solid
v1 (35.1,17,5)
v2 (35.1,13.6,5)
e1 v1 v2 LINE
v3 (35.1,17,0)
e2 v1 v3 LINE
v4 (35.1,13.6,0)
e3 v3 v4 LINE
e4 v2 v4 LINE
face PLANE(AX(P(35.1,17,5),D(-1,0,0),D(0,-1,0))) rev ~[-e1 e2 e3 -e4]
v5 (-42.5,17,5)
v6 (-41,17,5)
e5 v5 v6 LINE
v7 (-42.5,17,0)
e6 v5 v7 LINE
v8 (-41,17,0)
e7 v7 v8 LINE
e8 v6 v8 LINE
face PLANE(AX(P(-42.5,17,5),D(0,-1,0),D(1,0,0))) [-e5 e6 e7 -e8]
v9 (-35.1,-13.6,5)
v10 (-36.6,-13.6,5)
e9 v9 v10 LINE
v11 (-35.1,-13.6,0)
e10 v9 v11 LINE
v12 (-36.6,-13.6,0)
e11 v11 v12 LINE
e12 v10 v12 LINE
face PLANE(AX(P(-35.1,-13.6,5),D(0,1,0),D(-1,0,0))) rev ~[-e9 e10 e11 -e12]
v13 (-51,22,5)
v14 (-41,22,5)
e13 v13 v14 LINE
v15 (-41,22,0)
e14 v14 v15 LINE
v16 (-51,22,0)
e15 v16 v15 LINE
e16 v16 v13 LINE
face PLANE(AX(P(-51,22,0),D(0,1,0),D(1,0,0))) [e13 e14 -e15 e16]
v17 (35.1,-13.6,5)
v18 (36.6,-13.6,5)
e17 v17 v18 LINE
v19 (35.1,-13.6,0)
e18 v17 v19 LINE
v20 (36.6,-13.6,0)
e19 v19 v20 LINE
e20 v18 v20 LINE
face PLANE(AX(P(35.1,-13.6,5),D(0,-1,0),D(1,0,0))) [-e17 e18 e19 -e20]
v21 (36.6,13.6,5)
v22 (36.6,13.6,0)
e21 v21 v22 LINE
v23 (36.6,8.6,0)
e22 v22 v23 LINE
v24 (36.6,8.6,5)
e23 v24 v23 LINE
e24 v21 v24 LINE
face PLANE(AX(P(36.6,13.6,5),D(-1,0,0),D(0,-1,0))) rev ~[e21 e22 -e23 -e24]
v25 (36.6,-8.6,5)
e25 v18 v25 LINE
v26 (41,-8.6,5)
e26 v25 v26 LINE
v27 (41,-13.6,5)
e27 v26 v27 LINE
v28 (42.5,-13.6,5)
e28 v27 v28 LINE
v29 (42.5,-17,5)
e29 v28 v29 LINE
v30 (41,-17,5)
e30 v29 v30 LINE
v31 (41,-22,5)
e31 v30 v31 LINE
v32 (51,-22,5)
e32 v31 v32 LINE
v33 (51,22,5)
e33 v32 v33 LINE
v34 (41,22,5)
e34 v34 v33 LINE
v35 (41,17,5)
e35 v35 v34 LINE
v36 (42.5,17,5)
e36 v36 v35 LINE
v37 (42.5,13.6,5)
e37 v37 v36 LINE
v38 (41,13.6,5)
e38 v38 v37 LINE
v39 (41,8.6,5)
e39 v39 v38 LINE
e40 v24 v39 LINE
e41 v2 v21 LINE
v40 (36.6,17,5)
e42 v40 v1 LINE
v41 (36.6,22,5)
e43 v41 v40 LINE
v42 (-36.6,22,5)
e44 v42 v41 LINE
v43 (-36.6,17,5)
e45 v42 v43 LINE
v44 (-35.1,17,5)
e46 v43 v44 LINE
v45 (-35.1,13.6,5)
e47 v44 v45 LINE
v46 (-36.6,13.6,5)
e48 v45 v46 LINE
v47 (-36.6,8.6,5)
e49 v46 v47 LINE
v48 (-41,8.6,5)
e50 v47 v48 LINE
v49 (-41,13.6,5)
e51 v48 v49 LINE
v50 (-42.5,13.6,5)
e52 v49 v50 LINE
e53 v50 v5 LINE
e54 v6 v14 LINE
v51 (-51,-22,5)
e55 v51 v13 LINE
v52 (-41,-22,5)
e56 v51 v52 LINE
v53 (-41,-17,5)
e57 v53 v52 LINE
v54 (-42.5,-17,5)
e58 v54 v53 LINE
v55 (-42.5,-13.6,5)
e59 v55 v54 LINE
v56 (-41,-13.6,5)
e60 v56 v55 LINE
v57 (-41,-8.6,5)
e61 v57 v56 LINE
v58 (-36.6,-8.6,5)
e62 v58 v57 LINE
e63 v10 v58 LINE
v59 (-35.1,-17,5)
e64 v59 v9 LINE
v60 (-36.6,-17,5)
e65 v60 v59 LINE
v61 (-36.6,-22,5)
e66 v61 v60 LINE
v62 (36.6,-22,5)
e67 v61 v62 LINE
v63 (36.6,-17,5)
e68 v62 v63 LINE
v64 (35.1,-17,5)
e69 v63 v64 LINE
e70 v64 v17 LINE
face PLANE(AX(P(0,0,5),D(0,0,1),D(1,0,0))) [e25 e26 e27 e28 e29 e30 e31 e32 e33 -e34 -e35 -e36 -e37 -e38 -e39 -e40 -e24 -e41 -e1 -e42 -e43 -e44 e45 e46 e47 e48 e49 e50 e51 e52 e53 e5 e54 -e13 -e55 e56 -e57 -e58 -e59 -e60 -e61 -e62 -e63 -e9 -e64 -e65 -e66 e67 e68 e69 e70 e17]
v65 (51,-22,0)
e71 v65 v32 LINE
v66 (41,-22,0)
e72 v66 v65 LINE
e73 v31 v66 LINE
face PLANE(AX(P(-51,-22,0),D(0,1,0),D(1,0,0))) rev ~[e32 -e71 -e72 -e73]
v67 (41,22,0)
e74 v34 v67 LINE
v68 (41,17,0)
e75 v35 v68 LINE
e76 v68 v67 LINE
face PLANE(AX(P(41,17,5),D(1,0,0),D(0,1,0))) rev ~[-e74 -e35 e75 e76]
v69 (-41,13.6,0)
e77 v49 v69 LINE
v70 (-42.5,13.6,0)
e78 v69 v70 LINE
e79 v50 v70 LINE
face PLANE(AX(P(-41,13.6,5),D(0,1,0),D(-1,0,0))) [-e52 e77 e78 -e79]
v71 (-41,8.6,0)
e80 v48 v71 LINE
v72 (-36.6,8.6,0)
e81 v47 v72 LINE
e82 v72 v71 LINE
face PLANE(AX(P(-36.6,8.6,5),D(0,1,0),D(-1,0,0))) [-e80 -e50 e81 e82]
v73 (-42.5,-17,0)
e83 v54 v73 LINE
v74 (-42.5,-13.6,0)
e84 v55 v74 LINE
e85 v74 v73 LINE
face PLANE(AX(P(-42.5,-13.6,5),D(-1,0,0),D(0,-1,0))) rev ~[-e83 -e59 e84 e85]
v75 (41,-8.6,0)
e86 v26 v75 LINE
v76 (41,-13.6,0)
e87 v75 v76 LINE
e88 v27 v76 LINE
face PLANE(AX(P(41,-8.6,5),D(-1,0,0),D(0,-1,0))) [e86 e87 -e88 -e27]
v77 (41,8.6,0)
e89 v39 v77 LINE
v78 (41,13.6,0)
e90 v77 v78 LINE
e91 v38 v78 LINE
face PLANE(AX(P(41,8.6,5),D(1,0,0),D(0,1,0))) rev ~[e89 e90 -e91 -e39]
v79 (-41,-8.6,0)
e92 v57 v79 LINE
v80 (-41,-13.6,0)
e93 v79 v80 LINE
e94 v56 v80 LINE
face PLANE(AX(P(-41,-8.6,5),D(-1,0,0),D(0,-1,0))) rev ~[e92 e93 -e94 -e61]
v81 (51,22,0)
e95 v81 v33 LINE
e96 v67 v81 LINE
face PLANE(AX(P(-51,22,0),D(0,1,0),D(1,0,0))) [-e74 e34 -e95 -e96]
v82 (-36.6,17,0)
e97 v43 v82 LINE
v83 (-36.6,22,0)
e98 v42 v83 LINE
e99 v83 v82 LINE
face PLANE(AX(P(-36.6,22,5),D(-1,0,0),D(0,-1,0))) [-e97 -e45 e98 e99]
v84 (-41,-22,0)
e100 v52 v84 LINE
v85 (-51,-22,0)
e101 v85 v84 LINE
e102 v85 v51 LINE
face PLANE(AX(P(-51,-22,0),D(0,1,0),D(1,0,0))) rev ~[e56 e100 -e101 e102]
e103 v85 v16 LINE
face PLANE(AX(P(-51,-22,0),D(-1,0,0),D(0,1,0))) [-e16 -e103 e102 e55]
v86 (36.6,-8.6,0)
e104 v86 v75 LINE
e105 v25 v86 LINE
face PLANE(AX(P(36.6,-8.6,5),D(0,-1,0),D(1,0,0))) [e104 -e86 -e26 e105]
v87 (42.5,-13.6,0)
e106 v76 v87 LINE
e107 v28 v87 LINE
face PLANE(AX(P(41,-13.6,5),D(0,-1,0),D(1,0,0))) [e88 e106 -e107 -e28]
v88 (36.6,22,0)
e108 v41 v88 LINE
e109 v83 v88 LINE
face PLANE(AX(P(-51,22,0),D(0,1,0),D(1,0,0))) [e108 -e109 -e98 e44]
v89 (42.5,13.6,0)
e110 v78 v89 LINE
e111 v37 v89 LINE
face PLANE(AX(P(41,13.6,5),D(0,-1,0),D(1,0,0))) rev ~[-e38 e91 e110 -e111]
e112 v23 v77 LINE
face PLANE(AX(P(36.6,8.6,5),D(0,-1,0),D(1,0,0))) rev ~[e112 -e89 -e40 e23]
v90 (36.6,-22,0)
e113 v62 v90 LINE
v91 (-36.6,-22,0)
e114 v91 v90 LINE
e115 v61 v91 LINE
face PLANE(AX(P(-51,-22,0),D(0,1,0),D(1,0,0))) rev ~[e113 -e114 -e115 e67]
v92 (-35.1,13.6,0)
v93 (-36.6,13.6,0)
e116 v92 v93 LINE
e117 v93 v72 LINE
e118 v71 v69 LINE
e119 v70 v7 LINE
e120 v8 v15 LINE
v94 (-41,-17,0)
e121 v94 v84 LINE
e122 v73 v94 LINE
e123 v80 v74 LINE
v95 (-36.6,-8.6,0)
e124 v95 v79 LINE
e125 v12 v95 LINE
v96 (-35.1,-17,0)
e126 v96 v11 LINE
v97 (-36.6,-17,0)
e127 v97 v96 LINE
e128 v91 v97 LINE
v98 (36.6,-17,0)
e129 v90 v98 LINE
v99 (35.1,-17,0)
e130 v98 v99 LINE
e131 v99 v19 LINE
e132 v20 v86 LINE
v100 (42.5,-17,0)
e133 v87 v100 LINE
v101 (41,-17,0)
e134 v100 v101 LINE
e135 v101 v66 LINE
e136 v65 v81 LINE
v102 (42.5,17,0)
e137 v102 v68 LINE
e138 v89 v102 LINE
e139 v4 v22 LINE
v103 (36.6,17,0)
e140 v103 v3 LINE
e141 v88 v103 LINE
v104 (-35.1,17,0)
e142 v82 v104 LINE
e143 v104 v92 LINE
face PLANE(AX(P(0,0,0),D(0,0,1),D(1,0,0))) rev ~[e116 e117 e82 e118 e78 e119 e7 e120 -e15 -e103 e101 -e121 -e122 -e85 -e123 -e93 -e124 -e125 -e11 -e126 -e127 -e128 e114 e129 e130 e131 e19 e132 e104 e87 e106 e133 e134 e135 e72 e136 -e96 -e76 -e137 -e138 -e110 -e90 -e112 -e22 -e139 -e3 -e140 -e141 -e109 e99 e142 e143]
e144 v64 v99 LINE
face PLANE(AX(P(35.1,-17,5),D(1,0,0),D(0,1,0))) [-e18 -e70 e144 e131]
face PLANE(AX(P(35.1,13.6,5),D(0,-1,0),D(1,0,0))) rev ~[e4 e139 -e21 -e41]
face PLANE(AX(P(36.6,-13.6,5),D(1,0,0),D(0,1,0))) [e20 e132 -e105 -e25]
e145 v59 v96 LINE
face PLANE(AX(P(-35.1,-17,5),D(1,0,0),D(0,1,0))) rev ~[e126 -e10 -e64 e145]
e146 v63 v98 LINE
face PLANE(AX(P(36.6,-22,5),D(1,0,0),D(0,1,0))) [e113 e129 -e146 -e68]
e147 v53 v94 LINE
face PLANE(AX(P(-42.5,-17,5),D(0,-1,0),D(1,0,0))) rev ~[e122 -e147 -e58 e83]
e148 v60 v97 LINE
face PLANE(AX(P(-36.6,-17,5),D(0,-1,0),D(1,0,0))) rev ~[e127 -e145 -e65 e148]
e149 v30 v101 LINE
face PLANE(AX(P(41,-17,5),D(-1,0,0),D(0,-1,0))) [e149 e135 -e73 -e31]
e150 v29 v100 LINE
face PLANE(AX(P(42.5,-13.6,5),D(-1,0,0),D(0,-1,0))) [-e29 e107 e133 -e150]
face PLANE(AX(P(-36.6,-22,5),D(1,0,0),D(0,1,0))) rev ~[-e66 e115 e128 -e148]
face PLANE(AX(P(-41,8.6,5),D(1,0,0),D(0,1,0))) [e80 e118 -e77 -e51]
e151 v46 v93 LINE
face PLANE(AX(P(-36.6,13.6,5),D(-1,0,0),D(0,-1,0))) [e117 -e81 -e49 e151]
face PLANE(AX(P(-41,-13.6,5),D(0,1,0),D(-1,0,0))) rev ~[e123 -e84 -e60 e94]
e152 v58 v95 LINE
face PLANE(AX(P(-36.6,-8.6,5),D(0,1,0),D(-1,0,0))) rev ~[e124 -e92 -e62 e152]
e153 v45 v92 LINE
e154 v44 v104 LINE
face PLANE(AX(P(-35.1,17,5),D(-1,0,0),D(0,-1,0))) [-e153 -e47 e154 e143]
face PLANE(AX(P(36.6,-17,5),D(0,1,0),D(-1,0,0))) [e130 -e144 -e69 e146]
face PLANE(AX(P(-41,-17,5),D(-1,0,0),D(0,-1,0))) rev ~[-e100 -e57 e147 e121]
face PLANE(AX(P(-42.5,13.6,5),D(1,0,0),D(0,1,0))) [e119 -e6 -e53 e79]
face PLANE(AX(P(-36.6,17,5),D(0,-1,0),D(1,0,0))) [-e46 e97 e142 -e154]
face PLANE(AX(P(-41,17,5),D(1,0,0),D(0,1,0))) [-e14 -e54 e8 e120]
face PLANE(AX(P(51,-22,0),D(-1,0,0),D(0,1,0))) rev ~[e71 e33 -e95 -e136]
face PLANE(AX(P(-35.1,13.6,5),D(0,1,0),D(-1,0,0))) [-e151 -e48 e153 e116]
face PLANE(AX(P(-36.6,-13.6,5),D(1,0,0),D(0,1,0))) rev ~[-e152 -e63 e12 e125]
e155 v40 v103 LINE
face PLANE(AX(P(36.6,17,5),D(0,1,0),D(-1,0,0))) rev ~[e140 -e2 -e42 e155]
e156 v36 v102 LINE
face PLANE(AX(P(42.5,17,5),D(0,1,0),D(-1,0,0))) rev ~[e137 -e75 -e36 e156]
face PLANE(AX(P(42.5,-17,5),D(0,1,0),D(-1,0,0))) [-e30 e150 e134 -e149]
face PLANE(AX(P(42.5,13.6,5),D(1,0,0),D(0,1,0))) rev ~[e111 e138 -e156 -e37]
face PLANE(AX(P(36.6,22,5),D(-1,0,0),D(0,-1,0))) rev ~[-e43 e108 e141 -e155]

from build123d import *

# Parameters (mm, degrees)
SKETCH1_W           = 102
SKETCH1_H           = 44
BOSS_EXTRUDE1_DEPTH = 5
CUT_EXTRUDE1_DEPTH  = 5


with BuildPart() as part:
    # Sketch1 → Boss-Extrude1 (new body)
    with BuildSketch(Plane.XY):
        Rectangle(SKETCH1_W, SKETCH1_H)
    extrude(amount=BOSS_EXTRUDE1_DEPTH)

    # Sketch3 → Cut-Extrude1 (cut)
    with BuildSketch(Plane.XY.offset(5)):
        Polygon((-36.6, 13.6), (-36.6, 8.6), (-41, 8.6), (-41, 13.6), (-42.5, 13.6), (-42.5, 17), (-41, 17), (-41, 22), (-36.6, 22), (-36.6, 17), (-35.1, 17), (-35.1, 13.6), align=None)
        Polygon((41, 8.6), (41, 13.6), (42.5, 13.6), (42.5, 17), (41, 17), (41, 22), (36.6, 22), (36.6, 17), (35.1, 17), (35.1, 13.6), (36.6, 13.6), (36.6, 8.6), align=None)
        Polygon((36.6, -13.6), (36.6, -8.6), (41, -8.6), (41, -13.6), (42.5, -13.6), (42.5, -17), (41, -17), (41, -22), (36.6, -22), (36.6, -17), (35.1, -17), (35.1, -13.6), align=None)
        Polygon((-41, -8.6), (-41, -13.6), (-42.5, -13.6), (-42.5, -17), (-41, -17), (-41, -22), (-36.6, -22), (-36.6, -17), (-35.1, -17), (-35.1, -13.6), (-36.6, -13.6), (-36.6, -8.6), align=None)
    extrude(amount=-CUT_EXTRUDE1_DEPTH, mode=Mode.SUBTRACT)


solid = part.part
